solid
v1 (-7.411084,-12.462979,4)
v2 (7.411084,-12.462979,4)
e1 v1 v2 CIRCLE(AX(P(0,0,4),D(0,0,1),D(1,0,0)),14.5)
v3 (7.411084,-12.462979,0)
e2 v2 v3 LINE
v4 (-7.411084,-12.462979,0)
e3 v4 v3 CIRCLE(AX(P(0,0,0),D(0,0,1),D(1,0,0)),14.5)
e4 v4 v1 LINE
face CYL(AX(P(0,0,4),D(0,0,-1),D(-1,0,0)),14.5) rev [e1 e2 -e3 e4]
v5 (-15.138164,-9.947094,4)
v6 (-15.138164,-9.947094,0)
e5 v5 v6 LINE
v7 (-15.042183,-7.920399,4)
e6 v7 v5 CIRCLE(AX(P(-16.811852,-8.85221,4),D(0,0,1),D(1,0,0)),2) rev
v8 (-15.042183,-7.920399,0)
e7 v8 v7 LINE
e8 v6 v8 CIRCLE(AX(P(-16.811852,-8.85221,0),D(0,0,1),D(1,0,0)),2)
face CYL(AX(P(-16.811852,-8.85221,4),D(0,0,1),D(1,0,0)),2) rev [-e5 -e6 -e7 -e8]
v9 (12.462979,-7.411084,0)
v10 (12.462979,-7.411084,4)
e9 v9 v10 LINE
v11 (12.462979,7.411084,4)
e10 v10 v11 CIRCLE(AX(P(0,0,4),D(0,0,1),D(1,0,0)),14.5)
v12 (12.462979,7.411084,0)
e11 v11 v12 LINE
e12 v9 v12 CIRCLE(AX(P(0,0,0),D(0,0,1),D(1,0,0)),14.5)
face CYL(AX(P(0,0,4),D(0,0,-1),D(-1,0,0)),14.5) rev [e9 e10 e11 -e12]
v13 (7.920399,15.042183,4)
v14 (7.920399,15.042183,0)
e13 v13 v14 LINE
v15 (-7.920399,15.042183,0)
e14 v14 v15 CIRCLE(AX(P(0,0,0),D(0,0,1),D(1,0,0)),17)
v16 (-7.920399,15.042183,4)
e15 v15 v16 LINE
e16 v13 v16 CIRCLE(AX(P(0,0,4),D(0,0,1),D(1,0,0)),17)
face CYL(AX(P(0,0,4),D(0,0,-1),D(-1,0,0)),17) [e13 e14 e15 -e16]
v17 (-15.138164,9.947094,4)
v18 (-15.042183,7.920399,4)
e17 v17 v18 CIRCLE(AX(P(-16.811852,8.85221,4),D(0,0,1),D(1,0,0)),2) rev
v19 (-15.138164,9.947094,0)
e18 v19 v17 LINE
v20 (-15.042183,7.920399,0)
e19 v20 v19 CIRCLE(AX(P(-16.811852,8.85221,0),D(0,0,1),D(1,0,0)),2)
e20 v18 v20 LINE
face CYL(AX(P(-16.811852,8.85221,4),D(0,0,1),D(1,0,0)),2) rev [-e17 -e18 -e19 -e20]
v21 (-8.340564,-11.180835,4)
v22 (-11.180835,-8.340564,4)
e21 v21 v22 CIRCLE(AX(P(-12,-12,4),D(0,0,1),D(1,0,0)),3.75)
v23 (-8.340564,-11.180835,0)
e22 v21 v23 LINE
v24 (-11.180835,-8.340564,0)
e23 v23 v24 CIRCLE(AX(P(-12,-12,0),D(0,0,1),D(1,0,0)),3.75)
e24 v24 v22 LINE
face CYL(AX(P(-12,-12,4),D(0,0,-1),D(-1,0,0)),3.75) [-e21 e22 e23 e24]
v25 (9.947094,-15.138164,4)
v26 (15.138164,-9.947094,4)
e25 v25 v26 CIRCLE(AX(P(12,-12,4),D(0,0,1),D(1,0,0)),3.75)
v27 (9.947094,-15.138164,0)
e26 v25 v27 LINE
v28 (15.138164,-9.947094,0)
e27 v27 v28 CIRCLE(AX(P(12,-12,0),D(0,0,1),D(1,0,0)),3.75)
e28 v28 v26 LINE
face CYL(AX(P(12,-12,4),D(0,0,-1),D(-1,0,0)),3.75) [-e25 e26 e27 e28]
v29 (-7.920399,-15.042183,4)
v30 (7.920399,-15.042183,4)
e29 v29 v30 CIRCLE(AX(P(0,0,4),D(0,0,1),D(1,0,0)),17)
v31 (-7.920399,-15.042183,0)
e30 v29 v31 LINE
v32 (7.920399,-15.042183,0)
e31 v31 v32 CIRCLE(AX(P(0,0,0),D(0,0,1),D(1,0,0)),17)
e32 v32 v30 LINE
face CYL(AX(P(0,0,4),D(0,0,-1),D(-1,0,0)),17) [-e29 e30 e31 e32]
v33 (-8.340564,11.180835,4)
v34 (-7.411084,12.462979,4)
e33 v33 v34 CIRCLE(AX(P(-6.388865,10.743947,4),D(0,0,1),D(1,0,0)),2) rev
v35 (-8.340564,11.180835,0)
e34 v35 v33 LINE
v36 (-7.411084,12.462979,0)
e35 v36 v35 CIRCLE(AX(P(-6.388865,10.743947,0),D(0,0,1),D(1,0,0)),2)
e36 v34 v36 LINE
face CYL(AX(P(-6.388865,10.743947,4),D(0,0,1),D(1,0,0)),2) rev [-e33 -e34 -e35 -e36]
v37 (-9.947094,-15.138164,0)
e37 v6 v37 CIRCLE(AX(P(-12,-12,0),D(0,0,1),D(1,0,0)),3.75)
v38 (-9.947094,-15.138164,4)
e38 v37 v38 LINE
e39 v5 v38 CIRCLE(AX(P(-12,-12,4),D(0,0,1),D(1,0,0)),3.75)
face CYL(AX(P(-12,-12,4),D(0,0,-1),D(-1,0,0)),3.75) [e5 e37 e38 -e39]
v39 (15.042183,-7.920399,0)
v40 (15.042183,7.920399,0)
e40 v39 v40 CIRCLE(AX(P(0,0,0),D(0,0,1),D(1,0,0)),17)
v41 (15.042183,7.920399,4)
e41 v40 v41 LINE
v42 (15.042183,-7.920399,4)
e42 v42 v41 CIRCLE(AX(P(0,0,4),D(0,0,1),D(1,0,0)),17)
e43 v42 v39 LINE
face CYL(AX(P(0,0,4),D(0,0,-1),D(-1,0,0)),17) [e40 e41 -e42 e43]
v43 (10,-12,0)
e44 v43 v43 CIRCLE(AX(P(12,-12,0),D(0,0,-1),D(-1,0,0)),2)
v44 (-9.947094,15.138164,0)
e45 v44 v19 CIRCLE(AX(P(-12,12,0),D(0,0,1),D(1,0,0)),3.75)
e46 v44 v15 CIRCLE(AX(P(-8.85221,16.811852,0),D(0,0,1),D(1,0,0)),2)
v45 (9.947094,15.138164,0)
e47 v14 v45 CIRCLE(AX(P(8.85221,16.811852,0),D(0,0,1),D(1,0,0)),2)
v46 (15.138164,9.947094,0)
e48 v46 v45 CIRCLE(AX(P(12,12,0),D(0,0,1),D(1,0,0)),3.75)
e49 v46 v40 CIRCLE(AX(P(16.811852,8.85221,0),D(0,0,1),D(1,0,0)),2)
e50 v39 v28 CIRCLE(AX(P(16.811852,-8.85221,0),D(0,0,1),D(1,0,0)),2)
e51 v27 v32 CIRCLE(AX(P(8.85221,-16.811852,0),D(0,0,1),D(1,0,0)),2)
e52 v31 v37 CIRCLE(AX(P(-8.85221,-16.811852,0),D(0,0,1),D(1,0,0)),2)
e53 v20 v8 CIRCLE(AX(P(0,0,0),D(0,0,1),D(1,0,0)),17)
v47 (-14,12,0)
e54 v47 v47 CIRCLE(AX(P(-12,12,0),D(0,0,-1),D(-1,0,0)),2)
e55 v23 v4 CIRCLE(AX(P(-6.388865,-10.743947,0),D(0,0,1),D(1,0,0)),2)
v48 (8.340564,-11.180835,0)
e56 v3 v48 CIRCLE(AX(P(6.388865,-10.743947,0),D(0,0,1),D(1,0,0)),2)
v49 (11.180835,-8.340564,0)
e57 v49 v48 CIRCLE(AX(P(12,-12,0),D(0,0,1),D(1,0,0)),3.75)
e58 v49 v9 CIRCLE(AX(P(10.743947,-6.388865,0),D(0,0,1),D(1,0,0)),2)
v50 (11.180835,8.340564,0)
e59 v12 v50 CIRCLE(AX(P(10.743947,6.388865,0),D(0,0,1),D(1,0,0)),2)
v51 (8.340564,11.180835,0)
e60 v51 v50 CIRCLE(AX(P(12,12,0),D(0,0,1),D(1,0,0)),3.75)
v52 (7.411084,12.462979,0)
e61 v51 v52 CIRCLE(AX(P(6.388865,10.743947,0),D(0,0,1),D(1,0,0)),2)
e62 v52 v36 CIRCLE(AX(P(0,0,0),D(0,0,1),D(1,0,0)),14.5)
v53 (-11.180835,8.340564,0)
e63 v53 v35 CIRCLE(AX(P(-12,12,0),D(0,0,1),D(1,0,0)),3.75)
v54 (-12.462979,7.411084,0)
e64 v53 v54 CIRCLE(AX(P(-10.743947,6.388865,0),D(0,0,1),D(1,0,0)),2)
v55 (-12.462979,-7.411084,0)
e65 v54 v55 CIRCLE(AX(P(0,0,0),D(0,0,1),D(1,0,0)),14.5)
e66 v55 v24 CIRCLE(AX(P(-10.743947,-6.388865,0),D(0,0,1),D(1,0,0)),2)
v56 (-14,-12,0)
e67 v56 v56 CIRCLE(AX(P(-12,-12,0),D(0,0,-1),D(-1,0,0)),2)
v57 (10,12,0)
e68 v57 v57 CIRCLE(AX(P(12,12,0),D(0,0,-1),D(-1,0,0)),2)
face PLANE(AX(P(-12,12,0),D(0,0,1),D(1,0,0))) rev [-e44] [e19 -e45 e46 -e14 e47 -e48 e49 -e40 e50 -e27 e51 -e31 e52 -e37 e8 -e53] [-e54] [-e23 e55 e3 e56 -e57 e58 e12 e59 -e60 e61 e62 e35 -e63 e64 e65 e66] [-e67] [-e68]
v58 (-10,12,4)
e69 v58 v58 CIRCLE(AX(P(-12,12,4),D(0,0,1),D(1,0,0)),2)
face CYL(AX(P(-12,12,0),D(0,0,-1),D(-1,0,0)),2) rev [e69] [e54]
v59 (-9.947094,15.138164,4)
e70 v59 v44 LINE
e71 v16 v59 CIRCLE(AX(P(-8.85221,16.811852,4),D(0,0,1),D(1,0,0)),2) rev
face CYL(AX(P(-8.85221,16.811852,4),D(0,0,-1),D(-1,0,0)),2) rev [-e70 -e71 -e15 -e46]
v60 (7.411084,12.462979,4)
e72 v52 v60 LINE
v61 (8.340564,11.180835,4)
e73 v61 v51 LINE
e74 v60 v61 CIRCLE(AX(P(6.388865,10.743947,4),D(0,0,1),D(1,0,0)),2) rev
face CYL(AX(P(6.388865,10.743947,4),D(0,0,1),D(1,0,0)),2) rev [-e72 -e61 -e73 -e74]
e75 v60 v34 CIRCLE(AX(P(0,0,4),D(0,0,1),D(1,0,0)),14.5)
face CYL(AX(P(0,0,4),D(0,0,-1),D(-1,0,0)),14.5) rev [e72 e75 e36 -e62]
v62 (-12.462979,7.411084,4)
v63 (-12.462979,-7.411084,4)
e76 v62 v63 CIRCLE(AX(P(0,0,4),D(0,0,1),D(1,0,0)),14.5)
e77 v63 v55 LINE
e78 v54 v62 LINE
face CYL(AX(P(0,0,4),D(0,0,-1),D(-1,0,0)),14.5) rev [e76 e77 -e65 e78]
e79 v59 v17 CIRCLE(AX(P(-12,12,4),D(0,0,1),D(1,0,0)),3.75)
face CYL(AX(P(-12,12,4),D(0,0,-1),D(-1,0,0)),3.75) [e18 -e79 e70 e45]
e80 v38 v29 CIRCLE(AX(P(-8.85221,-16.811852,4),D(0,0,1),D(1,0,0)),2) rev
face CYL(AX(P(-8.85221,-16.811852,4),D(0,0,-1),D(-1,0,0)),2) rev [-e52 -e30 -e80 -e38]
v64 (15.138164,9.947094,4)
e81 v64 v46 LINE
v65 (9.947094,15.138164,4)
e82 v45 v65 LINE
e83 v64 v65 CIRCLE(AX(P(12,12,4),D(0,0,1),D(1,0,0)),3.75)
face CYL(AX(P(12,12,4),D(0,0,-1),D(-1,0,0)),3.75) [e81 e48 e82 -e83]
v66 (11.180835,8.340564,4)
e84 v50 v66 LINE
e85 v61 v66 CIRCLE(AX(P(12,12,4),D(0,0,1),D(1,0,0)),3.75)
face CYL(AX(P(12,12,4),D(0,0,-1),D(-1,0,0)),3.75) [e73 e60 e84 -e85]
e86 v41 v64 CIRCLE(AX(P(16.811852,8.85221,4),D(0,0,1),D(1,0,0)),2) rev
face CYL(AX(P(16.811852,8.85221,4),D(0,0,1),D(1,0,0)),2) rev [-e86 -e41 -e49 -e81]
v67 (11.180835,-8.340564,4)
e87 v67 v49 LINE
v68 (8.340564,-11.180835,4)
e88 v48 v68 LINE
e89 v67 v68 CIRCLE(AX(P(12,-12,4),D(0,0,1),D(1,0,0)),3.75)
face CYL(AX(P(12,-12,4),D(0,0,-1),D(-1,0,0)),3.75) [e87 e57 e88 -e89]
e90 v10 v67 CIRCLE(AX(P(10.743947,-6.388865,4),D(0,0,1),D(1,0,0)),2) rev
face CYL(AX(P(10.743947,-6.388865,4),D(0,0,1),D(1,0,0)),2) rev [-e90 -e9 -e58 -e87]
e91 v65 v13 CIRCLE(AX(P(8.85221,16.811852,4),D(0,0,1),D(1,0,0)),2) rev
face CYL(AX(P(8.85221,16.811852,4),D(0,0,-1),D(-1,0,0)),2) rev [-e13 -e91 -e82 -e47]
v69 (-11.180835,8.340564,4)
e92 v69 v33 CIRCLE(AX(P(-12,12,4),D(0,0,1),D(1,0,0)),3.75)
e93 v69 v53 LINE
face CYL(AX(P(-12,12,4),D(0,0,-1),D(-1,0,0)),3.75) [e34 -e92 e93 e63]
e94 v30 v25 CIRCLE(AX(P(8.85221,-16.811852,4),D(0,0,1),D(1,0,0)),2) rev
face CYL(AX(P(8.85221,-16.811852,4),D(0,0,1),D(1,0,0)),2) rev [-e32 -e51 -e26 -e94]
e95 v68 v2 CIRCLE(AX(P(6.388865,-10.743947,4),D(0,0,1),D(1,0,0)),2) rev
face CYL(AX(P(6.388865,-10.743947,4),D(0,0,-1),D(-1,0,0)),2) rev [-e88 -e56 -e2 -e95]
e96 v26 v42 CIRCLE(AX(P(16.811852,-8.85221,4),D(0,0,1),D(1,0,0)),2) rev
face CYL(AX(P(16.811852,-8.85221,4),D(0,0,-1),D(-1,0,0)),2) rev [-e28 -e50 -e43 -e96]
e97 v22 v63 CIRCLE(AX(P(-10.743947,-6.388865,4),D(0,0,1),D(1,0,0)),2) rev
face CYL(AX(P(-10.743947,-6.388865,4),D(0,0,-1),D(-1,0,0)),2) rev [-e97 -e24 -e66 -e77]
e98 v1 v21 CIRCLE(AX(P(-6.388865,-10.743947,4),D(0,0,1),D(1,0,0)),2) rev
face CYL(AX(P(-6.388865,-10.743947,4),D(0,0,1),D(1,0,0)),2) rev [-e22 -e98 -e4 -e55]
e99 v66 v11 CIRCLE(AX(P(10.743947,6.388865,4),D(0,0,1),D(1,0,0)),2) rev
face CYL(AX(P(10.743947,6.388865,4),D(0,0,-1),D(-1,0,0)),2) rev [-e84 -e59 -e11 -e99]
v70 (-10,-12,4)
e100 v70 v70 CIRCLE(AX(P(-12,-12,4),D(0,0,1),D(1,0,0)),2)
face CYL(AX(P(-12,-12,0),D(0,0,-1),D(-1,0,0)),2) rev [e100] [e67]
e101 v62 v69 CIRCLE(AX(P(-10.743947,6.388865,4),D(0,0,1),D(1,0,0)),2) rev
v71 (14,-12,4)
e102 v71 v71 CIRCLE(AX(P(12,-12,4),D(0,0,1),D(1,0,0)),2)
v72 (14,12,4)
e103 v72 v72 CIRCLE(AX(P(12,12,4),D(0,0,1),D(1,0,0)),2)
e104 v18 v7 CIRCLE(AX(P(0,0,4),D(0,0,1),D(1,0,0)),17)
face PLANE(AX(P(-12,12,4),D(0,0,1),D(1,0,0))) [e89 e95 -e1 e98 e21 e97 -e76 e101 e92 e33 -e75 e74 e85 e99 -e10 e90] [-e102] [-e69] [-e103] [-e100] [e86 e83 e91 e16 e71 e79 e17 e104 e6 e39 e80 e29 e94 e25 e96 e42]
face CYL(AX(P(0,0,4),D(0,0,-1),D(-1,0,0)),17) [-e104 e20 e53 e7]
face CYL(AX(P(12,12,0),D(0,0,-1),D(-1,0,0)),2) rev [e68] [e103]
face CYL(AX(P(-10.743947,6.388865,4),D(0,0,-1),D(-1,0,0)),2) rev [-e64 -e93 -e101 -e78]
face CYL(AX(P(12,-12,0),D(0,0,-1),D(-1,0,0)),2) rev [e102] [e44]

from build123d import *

# Parameters (mm, degrees)
ESQUISSE2_R          = 3.75
BOSS_EXTRU_1_DEPTH   = 4
BOSS_EXTRU_1_2_DEPTH = 4
BOSS_EXTRU_1_3_DEPTH = 4
BOSS_EXTRU_1_4_DEPTH = 4
ESQUISSE3_R          = 17
ESQUISSE3_R_2        = 14.5
BOSS_EXTRU_2_DEPTH   = 4
CONG_1_R             = 2
CONG_2_R             = 2
PER_AGE1_D           = 4
PER_AGE1_DEPTH       = 93.98


with BuildPart() as part:
    # Esquisse2 → Boss.-Extru.1 (new body)
    with BuildSketch(Plane.XY):
        with Locations((-12, 12)):
            Circle(ESQUISSE2_R)
    extrude(amount=BOSS_EXTRU_1_DEPTH)



with BuildPart() as body_2:
    # Esquisse2 → Boss.-Extru.1 2 (new body)
    with BuildSketch(Plane.XY):
        with Locations((12, 12)):
            Circle(ESQUISSE2_R)
    extrude(amount=BOSS_EXTRU_1_2_DEPTH)


with BuildPart() as body_3:
    # Esquisse2 → Boss.-Extru.1 3 (new body)
    with BuildSketch(Plane.XY):
        with Locations((-12, -12)):
            Circle(ESQUISSE2_R)
    extrude(amount=BOSS_EXTRU_1_3_DEPTH)


with BuildPart() as body_4:
    # Esquisse2 → Boss.-Extru.1 4 (new body)
    with BuildSketch(Plane.XY):
        with Locations((12, -12)):
            Circle(ESQUISSE2_R)
    extrude(amount=BOSS_EXTRU_1_4_DEPTH)


with BuildPart() as part_1:
    add(part.part)

    add(body_2.part)  # Boss.-Extru.2 merges body 2

    add(body_3.part)  # Boss.-Extru.2 merges body 3

    add(body_4.part)  # Boss.-Extru.2 merges body 4
    # Esquisse3 → Boss.-Extru.2 (add)
    with BuildSketch(Plane.XY):
        Circle(ESQUISSE3_R)
        Circle(ESQUISSE3_R_2, mode=Mode.SUBTRACT)
    extrude(amount=BOSS_EXTRU_2_DEPTH)

    # Congé1
    cong_1_edges = [part_1.edges().sort_by_distance(p)[0] for p in [
        (-14.365513596, 9.09021557, 2),
        (-9.09021557, 14.365513596, 2),
        (14.365513596, 9.09021557, 2),
        (9.09021557, 14.365513596, 2),
        (-14.365513596, -9.09021557, 2),
        (-9.09021557, -14.365513596, 2),
        (9.09021557, -14.365513596, 2),
        (14.365513596, -9.09021557, 2),
    ]]
    fillet(cong_1_edges, radius=CONG_1_R)

    # Congé2
    cong_2_edges = [part_1.edges().sort_by_distance(p)[0] for p in [
        (-11.92370292, 8.250776246, 2),
        (-8.250776246, 11.92370292, 2),
        (8.250776246, 11.92370292, 2),
        (11.92370292, 8.250776246, 2),
        (-11.92370292, -8.250776246, 2),
        (-8.250776246, -11.92370292, 2),
        (8.250776246, -11.92370292, 2),
        (11.92370292, -8.250776246, 2),
    ]]
    fillet(cong_2_edges, radius=CONG_2_R)

    # Perçage1
    with Locations(Plane(origin=(0, 0, 0), x_dir=(-1, 0, 0), z_dir=(0, 0, -1))):
        with Locations((-12, 12), (12, 12), (12, -12), (-12, -12)):
            Hole(PER_AGE1_D / 2, depth=PER_AGE1_DEPTH)


solid = part_1.part
